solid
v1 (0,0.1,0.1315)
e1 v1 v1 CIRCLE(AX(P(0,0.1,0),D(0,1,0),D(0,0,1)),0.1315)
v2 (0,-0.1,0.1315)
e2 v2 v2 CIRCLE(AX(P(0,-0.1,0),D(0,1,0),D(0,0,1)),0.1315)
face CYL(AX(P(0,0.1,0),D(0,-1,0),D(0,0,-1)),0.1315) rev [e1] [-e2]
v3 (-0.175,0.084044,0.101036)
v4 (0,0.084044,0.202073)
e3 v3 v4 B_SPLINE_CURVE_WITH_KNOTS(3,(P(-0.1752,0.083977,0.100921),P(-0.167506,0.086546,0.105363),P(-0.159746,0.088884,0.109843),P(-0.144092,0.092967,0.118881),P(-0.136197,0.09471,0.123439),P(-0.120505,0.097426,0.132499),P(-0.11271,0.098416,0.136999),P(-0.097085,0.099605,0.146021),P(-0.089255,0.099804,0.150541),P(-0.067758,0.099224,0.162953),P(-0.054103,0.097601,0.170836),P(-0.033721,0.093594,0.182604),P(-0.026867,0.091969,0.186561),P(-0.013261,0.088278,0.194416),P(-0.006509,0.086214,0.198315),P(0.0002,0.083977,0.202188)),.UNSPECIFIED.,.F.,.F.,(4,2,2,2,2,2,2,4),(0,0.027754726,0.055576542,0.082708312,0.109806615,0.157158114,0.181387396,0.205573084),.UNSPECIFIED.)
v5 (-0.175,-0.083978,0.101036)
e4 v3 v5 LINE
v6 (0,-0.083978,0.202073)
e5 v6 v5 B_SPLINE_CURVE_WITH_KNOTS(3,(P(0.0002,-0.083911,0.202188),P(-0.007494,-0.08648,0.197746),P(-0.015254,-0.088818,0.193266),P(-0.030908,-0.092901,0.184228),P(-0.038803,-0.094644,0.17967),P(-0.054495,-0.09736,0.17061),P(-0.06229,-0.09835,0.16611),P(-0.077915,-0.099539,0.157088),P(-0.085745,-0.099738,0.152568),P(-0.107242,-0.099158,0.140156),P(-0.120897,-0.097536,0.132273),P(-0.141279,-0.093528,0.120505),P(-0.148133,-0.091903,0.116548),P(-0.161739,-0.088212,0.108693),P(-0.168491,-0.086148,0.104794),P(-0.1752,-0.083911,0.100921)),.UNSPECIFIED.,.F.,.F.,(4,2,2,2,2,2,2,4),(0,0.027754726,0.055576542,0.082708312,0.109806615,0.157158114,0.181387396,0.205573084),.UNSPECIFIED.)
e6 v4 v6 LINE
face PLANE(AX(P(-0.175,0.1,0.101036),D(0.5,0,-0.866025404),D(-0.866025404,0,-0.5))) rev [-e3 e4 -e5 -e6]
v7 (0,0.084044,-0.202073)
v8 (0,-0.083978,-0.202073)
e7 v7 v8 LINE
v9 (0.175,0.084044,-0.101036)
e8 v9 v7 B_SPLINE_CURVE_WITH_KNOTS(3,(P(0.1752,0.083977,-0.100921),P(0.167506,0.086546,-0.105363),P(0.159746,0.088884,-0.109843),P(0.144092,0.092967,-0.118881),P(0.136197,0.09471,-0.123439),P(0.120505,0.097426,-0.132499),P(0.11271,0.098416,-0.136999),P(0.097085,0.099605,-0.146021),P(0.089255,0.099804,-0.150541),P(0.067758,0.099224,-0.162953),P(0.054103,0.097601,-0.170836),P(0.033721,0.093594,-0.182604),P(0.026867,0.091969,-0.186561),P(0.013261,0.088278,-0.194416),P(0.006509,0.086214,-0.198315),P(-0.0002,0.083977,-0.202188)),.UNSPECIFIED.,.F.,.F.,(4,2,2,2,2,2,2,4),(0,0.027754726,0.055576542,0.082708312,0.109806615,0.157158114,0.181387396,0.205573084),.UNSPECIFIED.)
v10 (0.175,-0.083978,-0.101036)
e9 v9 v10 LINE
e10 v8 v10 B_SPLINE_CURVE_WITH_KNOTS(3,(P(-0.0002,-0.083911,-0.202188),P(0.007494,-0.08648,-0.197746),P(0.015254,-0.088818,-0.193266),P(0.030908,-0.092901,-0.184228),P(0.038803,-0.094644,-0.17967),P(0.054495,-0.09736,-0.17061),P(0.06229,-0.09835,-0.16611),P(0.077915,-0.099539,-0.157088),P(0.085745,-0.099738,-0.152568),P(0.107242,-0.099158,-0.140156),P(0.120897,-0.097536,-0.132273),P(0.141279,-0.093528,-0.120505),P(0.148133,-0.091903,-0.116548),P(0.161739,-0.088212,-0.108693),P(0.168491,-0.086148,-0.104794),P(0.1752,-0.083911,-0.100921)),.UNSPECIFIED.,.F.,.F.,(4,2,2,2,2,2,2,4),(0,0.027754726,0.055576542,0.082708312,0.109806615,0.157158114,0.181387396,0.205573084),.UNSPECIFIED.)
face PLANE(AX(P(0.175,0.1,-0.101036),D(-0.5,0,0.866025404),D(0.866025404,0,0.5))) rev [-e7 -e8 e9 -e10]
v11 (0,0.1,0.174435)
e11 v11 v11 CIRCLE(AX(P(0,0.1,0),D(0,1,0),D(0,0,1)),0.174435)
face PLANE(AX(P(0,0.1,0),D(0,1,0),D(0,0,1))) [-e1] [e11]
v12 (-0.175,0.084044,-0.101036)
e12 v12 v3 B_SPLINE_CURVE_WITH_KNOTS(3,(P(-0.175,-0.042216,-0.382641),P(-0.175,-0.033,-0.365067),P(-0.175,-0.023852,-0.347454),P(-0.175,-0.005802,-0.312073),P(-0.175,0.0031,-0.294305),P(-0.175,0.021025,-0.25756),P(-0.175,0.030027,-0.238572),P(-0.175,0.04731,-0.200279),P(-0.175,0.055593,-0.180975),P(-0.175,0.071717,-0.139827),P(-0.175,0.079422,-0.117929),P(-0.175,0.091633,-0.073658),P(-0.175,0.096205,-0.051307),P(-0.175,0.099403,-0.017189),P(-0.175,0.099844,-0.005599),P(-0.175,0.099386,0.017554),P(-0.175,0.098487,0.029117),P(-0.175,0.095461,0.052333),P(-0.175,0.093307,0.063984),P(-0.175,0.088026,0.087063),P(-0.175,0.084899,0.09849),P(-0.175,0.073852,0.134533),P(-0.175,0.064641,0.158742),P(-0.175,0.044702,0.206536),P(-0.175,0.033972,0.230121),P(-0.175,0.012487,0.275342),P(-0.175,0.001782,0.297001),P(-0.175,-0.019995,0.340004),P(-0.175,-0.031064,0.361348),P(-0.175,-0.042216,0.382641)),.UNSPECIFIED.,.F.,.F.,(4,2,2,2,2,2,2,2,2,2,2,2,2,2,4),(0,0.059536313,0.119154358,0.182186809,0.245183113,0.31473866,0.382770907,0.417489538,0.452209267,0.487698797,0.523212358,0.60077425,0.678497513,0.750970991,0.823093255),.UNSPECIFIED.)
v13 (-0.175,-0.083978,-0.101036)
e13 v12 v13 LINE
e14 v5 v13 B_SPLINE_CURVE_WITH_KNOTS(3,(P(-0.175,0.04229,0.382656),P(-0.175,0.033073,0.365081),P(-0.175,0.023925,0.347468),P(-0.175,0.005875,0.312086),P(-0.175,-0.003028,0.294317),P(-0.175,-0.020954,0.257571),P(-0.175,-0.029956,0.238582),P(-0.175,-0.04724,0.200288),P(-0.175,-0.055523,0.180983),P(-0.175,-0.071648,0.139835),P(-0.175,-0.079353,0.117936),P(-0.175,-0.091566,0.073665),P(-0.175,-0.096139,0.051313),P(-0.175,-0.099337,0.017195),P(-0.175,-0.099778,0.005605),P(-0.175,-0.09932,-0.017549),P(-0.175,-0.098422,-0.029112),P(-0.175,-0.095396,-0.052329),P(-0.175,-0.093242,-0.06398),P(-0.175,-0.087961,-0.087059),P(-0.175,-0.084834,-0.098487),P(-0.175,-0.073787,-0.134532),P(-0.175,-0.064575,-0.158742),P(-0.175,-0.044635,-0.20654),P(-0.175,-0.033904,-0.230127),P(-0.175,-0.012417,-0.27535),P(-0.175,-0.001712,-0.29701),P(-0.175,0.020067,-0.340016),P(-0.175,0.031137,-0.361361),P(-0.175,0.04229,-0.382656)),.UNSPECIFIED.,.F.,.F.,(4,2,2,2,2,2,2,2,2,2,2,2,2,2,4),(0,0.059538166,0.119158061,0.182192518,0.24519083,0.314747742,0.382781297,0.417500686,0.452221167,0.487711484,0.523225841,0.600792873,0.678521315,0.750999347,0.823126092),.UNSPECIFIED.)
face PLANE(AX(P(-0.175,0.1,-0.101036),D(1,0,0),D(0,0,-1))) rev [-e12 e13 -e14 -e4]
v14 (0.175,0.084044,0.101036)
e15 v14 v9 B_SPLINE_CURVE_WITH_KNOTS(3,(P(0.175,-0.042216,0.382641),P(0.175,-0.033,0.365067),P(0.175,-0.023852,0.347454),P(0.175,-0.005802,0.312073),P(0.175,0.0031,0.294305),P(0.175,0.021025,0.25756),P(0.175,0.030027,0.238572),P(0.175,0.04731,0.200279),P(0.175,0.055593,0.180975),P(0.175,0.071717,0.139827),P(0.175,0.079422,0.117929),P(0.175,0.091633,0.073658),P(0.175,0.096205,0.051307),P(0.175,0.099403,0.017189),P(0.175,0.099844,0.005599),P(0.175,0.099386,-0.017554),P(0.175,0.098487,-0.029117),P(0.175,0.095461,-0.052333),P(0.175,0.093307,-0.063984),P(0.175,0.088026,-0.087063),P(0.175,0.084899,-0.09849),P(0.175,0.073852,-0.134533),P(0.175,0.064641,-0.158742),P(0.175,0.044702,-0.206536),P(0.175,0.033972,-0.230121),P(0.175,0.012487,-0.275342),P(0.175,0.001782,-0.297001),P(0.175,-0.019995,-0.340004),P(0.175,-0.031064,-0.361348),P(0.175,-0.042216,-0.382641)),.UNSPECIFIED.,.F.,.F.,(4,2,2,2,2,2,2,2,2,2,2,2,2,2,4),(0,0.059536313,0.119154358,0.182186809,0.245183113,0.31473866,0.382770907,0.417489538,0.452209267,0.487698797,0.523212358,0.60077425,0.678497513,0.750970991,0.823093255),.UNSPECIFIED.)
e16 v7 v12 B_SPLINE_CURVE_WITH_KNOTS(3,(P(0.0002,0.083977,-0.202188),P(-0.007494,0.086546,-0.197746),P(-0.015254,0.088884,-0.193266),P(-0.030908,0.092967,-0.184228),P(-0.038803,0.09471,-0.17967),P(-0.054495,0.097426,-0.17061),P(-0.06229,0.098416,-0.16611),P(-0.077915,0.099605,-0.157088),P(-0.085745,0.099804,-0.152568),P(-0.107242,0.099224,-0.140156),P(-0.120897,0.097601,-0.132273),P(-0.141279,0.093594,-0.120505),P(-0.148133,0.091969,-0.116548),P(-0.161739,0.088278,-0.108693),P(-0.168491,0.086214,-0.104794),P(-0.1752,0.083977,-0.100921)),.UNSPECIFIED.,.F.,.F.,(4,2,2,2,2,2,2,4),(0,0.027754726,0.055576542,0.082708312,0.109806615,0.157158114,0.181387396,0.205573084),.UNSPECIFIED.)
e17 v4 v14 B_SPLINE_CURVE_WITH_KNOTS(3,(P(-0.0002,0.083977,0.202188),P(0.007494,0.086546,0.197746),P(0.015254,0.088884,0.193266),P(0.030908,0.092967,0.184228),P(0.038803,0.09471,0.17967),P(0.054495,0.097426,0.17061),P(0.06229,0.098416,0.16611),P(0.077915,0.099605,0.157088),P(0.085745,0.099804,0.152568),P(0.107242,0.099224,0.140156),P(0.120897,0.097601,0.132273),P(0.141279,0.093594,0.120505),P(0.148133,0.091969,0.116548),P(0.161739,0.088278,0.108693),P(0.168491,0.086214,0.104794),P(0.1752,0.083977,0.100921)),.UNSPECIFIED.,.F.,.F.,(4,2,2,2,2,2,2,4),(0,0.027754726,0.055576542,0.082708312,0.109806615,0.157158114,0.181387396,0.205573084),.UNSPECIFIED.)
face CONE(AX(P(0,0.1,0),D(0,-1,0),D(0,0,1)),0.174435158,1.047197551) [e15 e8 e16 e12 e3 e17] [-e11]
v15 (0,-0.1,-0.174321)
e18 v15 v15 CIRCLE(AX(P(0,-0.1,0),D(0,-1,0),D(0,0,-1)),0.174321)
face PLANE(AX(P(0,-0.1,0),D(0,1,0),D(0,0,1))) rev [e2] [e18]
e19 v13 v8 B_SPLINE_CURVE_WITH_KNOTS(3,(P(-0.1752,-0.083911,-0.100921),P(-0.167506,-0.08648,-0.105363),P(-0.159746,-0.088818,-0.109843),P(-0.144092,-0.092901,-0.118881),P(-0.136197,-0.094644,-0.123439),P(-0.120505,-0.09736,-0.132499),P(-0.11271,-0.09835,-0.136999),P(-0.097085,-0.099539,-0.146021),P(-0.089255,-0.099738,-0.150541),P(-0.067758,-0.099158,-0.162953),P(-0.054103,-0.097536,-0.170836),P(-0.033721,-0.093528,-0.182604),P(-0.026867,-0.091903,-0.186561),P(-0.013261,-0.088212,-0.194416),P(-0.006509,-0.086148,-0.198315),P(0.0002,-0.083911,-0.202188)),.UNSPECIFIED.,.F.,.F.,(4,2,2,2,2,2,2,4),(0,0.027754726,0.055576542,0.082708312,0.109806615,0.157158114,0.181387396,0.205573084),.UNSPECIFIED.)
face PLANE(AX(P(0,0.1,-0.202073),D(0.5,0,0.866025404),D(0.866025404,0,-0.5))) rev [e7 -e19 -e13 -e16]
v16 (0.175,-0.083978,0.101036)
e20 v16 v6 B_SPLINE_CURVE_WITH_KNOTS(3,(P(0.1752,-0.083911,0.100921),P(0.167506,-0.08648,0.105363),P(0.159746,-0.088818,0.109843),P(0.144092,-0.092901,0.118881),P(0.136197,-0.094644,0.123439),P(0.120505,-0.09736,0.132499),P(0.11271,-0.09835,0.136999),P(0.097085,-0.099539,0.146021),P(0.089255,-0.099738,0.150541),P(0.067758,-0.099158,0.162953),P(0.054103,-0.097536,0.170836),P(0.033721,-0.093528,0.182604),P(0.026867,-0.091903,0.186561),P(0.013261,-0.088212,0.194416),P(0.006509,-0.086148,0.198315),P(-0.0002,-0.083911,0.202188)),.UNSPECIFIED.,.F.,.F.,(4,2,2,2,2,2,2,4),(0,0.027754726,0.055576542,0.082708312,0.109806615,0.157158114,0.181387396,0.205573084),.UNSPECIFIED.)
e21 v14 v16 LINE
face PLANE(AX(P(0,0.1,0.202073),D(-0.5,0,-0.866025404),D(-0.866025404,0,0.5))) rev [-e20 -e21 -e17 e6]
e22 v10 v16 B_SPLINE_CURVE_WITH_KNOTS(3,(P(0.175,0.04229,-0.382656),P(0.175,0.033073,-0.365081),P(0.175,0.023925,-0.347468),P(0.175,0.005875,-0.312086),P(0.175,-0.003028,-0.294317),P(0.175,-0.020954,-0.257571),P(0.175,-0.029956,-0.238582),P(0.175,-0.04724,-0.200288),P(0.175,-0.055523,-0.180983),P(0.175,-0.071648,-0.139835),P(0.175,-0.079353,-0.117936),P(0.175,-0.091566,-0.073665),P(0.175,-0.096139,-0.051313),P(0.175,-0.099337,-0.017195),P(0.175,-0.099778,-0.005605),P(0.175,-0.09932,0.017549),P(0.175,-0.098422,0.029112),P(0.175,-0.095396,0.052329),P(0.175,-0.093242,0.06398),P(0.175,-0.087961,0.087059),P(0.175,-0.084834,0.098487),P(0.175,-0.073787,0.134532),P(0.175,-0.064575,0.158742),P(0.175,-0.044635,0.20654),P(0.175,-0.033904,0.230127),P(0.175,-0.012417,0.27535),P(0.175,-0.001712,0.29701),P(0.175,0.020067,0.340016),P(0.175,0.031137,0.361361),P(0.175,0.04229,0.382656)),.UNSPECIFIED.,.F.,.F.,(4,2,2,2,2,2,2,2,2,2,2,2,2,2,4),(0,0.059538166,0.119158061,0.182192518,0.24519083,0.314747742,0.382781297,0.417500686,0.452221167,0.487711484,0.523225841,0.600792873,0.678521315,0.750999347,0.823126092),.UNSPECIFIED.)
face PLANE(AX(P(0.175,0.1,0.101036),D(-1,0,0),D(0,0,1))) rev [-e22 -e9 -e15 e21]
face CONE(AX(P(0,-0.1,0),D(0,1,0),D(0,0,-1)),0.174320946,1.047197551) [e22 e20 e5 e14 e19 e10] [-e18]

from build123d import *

# Parameters (mm, degrees)
SKETCH2_R           = 0.1315
BOSS_EXTRUDE1_DEPTH = 0.1
SKETCH3_OUTSIDE_W   = 3.156
SKETCH3_OUTSIDE_H   = 3.21
SKETCH3_OUTSIDE_R   = 0.174435158
CUT_EXTRUDE1_DEPTH  = 0.2
CUT_EXTRUDE1_DRAFT  = -60
SKETCH4_OUTSIDE_W   = 3.156
SKETCH4_OUTSIDE_H   = 3.21
SKETCH4_OUTSIDE_R   = 0.174320946
CUT_EXTRUDE2_DEPTH  = 0.2
CUT_EXTRUDE2_DRAFT  = -60


with BuildPart() as part:
    # Sketch2 → Boss-Extrude1 (new, symmetric)
    with BuildSketch(Plane(origin=(0, 0, 0), x_dir=(1, 0, 0), z_dir=(0, 1, 0))):
        Polygon((0, -0.202072594), (0.175, -0.101036297), (0.175, 0.101036297), (0, 0.202072594), (-0.175, 0.101036297), (-0.175, -0.101036297), align=None)
        with Locations(Location((0, 0, 0), (0, 0, 270))):
            Circle(SKETCH2_R, mode=Mode.SUBTRACT)
    extrude(amount=BOSS_EXTRUDE1_DEPTH, both=True)


with BuildPart() as cut_extrude1_tool:
    # Sketch3 outside → Cut-Extrude1 (with draft: the straight prism first)
    with BuildSketch(Plane(origin=(0, 0.1, 0), x_dir=(1, 0, 0), z_dir=(0, 1, 0))):
        Rectangle(SKETCH3_OUTSIDE_W, SKETCH3_OUTSIDE_H)
        Circle(SKETCH3_OUTSIDE_R, mode=Mode.SUBTRACT)
    extrude(amount=-CUT_EXTRUDE1_DEPTH)
    # Cut-Extrude1: the draft: its side faces are tilted about the plane it starts from
    cut_extrude1_sides = [cut_extrude1_tool.faces().sort_by_distance(p)[0] for p in [
        (0, 0, 1.605),
        (1.578, 0, 0),
        (0, 0, -1.605),
        (-1.578, 0, 0),
        (-0.174435158, 0, 0),
    ]]
    draft(cut_extrude1_sides, Plane(origin=(0, 0.1, 0), x_dir=(1, 0, 0), z_dir=(0, 1, 0)), CUT_EXTRUDE1_DRAFT)


with BuildPart() as part_1:
    add(part.part)

    # Cut-Extrude1: cut by cut_extrude1_tool
    add(cut_extrude1_tool.part, mode=Mode.SUBTRACT)


with BuildPart() as cut_extrude2_tool:
    # Sketch4 outside → Cut-Extrude2 (with draft: the straight prism first)
    with BuildSketch(Plane.XZ.offset(0.1)):
        Rectangle(SKETCH4_OUTSIDE_W, SKETCH4_OUTSIDE_H)
        Circle(SKETCH4_OUTSIDE_R, mode=Mode.SUBTRACT)
    extrude(amount=-CUT_EXTRUDE2_DEPTH)
    # Cut-Extrude2: the draft: its side faces are tilted about the plane it starts from
    cut_extrude2_sides = [cut_extrude2_tool.faces().sort_by_distance(p)[0] for p in [
        (0, 0, -1.605),
        (1.578, 0, 0),
        (0, 0, 1.605),
        (-1.578, 0, 0),
        (-0.174320946, 0, 0),
    ]]
    draft(cut_extrude2_sides, Plane.XZ.offset(0.1), CUT_EXTRUDE2_DRAFT)


with BuildPart() as part_2:
    add(part_1.part)

    # Cut-Extrude2: cut by cut_extrude2_tool
    add(cut_extrude2_tool.part, mode=Mode.SUBTRACT)


solid = part_2.part
